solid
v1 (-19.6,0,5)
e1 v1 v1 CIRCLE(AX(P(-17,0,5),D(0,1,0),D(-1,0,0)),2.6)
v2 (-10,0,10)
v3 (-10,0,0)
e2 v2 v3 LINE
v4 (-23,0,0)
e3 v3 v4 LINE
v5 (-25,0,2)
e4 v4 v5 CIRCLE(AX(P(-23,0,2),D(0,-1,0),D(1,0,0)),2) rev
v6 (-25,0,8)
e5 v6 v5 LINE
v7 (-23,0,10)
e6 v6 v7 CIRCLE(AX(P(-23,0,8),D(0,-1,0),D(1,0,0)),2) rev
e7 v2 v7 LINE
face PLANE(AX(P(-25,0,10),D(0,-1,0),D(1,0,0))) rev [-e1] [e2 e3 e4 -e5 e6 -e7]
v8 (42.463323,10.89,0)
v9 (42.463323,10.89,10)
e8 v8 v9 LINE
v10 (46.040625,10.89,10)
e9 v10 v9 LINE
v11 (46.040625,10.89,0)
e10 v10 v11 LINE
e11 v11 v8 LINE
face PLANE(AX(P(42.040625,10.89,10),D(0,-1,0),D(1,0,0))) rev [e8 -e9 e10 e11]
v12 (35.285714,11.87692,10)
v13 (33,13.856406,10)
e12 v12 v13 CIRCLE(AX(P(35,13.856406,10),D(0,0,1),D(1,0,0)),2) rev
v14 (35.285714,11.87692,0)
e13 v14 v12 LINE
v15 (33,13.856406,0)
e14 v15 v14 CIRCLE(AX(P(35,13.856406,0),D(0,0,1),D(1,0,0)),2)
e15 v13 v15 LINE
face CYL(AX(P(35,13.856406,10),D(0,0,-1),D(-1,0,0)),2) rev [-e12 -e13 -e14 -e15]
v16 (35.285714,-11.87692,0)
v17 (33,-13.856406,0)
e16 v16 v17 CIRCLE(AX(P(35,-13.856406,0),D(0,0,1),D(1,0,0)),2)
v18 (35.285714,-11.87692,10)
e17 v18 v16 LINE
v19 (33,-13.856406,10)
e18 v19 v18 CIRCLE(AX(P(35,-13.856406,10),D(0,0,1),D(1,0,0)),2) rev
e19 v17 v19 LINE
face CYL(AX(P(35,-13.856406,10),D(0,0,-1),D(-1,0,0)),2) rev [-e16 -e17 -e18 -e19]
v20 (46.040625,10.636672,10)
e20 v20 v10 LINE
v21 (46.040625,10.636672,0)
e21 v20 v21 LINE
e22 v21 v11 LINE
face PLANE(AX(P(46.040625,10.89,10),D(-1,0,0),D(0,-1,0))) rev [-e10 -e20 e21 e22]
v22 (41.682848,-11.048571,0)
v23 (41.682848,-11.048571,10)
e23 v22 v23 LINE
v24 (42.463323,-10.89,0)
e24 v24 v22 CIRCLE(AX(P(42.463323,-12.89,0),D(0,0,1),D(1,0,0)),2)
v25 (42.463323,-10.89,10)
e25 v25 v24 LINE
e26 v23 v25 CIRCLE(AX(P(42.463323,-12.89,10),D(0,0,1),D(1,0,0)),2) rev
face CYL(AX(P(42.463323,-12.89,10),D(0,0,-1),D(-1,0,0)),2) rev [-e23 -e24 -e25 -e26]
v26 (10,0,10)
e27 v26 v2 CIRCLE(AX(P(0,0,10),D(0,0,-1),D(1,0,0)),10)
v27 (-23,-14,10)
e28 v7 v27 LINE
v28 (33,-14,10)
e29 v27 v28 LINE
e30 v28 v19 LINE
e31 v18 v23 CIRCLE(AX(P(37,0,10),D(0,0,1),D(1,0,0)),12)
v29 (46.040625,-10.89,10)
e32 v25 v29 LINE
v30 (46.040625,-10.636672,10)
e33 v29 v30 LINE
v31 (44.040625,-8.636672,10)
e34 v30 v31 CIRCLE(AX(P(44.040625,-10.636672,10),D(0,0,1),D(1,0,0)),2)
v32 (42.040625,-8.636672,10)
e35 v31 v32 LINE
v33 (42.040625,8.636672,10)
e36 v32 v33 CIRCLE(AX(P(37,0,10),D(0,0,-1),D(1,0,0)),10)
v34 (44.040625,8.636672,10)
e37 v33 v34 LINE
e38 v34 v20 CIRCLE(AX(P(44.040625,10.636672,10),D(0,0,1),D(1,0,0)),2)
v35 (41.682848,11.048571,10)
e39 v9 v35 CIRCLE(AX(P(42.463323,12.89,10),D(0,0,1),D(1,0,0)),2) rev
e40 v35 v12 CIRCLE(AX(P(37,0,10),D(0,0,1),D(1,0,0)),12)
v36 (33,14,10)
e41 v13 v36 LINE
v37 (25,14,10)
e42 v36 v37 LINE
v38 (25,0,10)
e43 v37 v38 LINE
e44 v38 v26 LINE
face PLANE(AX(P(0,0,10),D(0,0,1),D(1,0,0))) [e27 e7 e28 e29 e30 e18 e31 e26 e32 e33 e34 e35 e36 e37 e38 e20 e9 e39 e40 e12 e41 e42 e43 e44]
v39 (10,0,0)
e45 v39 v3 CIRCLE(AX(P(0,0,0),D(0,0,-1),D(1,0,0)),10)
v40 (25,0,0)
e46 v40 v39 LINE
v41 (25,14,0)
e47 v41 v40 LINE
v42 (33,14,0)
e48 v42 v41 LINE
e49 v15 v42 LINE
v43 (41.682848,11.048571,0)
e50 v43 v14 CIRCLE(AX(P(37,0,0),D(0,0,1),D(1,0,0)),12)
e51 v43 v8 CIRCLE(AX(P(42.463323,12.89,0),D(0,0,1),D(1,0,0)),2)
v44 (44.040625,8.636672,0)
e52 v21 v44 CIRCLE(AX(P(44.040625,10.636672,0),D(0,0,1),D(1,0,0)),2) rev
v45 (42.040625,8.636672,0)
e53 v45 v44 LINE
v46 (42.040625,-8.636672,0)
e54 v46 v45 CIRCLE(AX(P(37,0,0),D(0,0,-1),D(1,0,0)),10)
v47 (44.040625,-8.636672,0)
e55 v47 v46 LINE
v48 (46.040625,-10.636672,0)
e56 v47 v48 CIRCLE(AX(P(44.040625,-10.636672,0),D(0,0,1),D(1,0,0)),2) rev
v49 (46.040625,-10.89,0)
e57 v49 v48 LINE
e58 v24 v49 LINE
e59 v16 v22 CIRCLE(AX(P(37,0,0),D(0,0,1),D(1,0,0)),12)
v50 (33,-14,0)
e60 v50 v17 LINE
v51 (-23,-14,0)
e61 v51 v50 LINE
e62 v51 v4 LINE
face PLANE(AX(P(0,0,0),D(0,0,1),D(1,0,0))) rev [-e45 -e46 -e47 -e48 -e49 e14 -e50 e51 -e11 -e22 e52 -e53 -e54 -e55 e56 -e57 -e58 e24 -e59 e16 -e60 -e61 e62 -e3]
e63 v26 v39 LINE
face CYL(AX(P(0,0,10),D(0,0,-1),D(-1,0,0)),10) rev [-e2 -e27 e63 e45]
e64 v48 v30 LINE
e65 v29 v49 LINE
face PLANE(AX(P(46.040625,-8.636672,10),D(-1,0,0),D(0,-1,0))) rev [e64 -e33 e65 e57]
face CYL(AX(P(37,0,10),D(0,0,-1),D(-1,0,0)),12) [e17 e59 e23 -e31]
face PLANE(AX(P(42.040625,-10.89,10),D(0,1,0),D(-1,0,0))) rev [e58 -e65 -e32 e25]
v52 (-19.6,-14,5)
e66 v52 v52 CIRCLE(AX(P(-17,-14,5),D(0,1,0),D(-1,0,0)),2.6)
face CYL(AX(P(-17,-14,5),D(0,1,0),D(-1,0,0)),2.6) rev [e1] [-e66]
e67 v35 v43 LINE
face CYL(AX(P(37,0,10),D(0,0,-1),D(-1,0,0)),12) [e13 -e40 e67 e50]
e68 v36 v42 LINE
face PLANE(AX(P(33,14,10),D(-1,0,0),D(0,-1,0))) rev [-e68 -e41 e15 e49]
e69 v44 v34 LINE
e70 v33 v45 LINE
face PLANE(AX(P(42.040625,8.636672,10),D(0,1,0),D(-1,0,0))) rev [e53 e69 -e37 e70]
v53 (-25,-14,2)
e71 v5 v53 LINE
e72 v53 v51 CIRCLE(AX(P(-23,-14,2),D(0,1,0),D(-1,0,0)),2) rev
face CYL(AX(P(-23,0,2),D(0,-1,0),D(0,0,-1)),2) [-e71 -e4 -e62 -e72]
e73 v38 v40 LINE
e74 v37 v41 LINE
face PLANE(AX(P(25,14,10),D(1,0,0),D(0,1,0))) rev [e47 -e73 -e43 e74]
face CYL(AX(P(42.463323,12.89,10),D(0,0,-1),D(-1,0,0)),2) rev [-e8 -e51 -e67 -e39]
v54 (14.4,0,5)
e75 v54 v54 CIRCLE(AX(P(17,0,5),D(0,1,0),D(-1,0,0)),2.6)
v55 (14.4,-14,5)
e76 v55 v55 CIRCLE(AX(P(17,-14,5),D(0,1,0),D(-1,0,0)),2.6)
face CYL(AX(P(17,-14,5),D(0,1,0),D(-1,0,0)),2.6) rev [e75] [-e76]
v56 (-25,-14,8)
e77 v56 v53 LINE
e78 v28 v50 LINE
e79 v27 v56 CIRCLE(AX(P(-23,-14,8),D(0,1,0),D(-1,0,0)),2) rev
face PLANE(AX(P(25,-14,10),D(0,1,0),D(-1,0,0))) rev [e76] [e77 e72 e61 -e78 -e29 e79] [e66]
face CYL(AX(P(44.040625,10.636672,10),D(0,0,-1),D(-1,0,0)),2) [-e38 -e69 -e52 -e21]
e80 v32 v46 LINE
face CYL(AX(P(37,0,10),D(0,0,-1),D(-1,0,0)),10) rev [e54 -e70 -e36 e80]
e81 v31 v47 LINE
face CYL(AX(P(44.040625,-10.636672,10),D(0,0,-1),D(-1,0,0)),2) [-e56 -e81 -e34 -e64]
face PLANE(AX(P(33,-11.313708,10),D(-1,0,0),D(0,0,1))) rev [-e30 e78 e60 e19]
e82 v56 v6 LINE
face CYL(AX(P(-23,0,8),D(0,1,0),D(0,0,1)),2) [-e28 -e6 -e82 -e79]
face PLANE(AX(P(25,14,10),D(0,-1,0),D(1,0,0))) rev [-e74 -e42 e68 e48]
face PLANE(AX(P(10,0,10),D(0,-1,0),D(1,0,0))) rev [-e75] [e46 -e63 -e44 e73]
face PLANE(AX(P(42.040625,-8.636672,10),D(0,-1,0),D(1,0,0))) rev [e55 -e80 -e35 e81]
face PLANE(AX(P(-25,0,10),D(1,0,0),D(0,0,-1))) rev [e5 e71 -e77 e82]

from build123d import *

# Parameters (mm, degrees)
BOSS_EXTRUDE1_DEPTH = 10
FILLET1_R           = 2
SKETCH4_R           = 2.6
CUT_EXTRUDE2_DEPTH  = 50.150169347


with BuildPart() as part:
    # Sketch1 → Boss-Extrude1 (new body)
    with BuildSketch(Plane.XY):
        with BuildLine():
            Line((10, 0), (25, 0))
            Line((25, 0), (25, 14))
            Line((25, 14), (33, 14))
            Line((33, 14), (33, 11.313708499))
            ThreePointArc((33, 11.313708499), (37.561789374, 11.986842482), (42.040624961, 10.89))
            Line((42.040624961, 10.89), (46.040624961, 10.89))
            Line((46.040624961, 10.89), (46.040624961, 8.636671813))
            Line((46.040624961, 8.636671813), (42.040624961, 8.636671813))
            ThreePointArc((42.040624961, 8.636671813), (27, 0), (42.040624961, -8.636671813))
            Line((42.040624961, -8.636671813), (46.040624961, -8.636671813))
            Line((46.040624961, -8.636671813), (46.040624961, -10.89))
            Line((46.040624961, -10.89), (42.040624961, -10.89))
            ThreePointArc((42.040624961, -10.89), (37.561789374, -11.986842482), (33, -11.313708499))
            Line((33, -11.313708499), (33, -14))
            Line((33, -14), (25, -14))
            Line((25, -14), (-25, -14))
            Line((-25, -14), (-25, 0))
            Line((-25, 0), (-10, 0))
            ThreePointArc((-10, 0), (0, -10), (10, 0))
        make_face()
    extrude(amount=BOSS_EXTRUDE1_DEPTH)

    # Fillet1
    fillet1_edges = [part.edges().sort_by_distance(p)[0] for p in [
        (-25, -7, 10),
        (-25, -7, 0),
        (33, 11.313708499, 5),
        (42.040624961, 10.89, 5),
        (46.040624961, 8.636671813, 5),
        (46.040624961, -8.636671813, 5),
        (42.040624961, -10.89, 5),
        (33, -11.313708499, 5),
    ]]
    fillet(fillet1_edges, radius=FILLET1_R)

    # Sketch4 → Cut-Extrude2 (cut, through all)
    with BuildSketch(Plane(origin=(0, 0, 0), x_dir=(1, 0, 0), z_dir=(0, 1, 0))):
        with Locations(Location((-17, -5, 0), (0, 0, 180))):
            Circle(SKETCH4_R)
        with Locations(Location((17, -5, 0), (0, 0, 180))):
            Circle(SKETCH4_R)
    extrude(amount=-CUT_EXTRUDE2_DEPTH, mode=Mode.SUBTRACT)


solid = part.part
